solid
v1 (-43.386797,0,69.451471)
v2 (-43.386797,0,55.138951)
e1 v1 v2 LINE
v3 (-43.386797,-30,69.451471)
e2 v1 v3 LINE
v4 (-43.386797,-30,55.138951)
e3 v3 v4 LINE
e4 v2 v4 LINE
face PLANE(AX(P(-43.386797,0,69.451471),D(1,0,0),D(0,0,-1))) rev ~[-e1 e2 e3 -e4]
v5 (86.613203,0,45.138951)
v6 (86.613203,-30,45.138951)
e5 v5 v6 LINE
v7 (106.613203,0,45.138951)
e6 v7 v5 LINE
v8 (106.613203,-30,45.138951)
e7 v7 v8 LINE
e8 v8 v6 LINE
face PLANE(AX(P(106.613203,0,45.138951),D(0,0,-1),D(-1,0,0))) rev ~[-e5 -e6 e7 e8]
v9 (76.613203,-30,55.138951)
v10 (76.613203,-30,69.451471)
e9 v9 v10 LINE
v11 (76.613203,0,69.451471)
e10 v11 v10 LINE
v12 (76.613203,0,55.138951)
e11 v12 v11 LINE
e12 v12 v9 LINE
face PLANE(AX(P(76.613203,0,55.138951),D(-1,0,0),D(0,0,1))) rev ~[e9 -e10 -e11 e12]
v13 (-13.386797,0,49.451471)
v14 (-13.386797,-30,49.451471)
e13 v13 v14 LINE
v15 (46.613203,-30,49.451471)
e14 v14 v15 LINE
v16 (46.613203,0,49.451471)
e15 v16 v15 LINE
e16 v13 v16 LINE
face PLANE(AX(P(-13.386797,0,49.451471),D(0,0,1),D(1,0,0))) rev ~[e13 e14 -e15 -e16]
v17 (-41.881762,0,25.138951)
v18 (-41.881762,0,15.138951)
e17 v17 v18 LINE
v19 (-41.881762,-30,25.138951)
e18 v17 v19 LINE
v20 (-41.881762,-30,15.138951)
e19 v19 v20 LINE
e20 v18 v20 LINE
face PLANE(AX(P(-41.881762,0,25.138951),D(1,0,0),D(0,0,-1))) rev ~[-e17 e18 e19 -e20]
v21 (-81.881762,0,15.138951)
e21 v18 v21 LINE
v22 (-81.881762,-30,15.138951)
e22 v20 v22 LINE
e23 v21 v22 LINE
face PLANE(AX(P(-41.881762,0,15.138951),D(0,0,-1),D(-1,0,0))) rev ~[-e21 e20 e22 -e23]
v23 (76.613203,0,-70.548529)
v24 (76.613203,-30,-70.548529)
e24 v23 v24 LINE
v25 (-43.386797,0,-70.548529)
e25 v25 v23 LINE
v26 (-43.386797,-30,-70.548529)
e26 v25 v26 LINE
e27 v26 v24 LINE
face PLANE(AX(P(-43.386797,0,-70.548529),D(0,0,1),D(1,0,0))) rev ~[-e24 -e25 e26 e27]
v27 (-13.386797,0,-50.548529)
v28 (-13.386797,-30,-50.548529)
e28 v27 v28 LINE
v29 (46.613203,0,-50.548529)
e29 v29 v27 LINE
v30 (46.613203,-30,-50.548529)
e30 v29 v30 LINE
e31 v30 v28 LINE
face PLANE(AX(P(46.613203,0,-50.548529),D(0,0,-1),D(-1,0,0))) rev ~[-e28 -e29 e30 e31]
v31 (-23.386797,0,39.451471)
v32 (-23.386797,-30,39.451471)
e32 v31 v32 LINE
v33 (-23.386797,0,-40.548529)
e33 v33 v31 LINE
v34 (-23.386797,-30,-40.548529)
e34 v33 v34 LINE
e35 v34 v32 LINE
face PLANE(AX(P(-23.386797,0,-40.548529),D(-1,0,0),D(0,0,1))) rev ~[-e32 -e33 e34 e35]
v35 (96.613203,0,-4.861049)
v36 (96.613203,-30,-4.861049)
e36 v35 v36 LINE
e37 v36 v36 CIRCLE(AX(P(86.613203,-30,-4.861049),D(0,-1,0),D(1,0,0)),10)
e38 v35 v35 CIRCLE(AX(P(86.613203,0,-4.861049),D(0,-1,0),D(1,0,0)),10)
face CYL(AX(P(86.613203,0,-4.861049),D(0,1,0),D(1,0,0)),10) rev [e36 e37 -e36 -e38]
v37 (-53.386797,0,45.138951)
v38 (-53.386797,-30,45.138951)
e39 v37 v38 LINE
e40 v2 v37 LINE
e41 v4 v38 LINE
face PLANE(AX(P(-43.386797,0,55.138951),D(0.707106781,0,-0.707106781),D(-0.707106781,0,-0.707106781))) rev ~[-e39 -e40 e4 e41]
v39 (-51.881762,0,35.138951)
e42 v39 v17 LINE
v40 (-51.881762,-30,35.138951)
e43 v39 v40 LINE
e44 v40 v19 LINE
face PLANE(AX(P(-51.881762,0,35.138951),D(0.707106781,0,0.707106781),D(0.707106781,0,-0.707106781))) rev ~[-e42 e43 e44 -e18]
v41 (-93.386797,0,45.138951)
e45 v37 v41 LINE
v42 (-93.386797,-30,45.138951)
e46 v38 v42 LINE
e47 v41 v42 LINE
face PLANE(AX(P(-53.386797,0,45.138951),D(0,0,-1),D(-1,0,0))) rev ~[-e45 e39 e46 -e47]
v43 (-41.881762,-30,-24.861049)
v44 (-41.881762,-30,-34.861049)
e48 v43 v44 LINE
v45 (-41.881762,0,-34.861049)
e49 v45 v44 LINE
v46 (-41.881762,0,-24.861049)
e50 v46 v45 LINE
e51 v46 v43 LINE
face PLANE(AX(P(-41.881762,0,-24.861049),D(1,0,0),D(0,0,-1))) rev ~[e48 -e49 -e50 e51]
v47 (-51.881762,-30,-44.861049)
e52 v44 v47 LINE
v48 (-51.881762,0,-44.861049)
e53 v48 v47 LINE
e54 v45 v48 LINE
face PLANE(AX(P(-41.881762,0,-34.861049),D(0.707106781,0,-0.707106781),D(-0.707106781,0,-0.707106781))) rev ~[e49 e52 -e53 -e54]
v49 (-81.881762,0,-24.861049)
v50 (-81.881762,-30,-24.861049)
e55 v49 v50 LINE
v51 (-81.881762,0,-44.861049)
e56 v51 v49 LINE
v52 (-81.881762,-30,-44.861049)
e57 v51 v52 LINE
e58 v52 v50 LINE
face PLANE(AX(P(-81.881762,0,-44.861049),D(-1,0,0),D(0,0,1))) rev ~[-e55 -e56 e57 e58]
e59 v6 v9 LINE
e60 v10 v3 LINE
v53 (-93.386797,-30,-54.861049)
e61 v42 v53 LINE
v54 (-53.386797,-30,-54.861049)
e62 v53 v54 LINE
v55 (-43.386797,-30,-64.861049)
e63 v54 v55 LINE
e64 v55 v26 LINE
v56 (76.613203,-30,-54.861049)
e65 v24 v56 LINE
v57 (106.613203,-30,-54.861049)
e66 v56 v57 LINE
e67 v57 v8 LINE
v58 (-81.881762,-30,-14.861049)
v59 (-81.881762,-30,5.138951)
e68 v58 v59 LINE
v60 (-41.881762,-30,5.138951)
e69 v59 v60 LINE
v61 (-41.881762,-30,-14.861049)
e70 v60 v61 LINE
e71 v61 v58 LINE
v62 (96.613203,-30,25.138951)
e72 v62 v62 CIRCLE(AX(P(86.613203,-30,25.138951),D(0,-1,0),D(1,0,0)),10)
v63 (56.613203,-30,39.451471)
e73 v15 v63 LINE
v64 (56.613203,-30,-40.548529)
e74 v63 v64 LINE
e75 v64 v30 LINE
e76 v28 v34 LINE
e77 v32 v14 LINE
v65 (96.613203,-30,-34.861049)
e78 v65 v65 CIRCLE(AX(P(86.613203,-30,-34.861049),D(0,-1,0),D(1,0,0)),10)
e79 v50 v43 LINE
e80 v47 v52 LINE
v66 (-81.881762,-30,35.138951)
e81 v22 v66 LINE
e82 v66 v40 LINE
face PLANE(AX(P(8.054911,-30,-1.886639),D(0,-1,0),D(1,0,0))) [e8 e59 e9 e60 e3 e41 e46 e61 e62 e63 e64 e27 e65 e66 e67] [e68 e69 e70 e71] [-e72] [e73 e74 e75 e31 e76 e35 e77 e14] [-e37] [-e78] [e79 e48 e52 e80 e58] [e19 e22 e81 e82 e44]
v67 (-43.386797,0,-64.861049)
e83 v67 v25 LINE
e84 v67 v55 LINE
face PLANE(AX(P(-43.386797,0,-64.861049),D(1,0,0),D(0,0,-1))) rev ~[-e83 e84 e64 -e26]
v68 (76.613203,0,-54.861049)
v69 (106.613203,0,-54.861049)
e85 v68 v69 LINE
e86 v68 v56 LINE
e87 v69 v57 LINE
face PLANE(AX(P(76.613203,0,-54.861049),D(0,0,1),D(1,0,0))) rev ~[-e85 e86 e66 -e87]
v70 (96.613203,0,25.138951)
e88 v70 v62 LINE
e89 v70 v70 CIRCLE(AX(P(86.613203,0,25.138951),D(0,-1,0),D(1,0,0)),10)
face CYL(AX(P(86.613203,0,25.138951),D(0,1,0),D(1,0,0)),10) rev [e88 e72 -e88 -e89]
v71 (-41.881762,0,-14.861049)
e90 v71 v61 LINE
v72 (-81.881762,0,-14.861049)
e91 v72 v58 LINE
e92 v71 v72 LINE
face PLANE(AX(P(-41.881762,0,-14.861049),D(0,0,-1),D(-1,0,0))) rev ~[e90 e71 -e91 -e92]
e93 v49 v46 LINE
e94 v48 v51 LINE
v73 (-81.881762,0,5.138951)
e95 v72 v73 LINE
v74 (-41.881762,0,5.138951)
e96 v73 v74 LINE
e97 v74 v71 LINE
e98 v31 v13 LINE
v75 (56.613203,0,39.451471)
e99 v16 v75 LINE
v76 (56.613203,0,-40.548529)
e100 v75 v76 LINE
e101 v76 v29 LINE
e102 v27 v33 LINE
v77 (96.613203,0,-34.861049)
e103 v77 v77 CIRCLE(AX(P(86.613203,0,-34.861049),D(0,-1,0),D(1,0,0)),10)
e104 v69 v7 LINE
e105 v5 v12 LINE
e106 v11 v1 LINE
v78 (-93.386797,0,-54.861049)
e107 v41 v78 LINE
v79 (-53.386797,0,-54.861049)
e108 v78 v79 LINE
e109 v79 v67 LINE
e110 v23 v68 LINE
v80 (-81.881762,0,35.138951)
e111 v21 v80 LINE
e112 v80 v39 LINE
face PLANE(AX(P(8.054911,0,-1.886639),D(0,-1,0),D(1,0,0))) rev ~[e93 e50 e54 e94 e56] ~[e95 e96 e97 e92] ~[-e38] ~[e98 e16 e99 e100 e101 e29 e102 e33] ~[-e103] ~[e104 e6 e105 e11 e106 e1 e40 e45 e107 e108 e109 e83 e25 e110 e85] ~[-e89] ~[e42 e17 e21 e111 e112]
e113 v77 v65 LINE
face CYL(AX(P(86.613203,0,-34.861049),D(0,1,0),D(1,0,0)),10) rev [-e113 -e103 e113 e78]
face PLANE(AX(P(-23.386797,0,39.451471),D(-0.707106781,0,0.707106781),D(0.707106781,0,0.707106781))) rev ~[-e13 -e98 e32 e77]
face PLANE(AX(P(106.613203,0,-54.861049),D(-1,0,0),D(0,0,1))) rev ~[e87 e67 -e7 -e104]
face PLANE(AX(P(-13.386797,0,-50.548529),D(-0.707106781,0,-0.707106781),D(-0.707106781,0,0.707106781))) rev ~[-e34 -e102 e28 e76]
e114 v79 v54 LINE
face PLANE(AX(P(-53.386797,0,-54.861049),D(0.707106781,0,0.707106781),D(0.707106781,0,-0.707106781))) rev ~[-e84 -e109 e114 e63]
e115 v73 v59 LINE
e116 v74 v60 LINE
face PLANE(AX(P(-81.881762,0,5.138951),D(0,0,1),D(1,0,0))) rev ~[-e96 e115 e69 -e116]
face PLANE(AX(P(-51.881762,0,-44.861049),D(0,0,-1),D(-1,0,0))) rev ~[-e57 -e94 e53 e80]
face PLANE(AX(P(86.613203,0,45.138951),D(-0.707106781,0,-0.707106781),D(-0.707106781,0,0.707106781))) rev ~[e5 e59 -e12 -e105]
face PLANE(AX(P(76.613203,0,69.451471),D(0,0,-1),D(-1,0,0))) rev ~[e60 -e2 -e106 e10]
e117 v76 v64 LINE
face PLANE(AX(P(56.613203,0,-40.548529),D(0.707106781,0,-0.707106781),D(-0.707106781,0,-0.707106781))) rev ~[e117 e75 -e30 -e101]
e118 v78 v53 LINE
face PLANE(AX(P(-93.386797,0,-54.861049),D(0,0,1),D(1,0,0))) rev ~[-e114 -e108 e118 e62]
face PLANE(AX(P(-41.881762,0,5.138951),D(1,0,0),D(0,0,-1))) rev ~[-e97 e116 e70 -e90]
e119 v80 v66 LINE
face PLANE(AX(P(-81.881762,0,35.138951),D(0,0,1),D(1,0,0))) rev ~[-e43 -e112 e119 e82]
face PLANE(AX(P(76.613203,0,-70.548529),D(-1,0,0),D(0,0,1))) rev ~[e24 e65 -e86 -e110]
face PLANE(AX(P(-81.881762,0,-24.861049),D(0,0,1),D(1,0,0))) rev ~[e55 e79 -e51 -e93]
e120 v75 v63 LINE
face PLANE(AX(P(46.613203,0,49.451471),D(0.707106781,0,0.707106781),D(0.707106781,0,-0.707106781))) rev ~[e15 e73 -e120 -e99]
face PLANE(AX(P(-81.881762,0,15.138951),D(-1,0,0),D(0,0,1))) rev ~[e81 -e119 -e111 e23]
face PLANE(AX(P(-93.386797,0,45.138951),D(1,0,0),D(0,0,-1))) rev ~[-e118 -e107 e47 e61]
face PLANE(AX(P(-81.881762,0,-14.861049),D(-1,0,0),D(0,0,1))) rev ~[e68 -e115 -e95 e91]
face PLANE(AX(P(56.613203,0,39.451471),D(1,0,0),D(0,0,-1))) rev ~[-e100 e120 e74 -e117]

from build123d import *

# Parameters (mm, degrees)
F0_R     = 10
F1_DEPTH = 30


with BuildPart() as f1:
    # F0 (on Front) → F1 (new body)
    with BuildSketch(Plane.XZ):
        Polygon((-43.386797, 55.138951), (-53.386797, 45.138951), (-93.386797, 45.138951), (-93.386797, -54.861049), (-53.386797, -54.861049), (-43.386797, -64.861049), (-43.386797, -70.548529), (66.613203, -70.548529), (76.613203, -70.548529), (76.613203, -64.861049), (76.613203, -60.548529), (76.613203, -54.861049), (86.613203, -54.861049), (96.613203, -54.861049), (106.613203, -54.861049), (106.613203, -44.861049), (106.613203, 35.138951), (106.613203, 45.138951), (96.613203, 45.138951), (86.613203, 45.138951), (76.613203, 55.138951), (76.613203, 59.451471), (76.613203, 69.451471), (66.613203, 69.451471), (-33.386797, 69.451471), (-43.386797, 69.451471), (-43.386797, 59.451471), align=None)
        Polygon((-81.881762, -44.861049), (-81.881762, -24.861049), (-51.881762, -24.861049), (-41.881762, -24.861049), (-41.881762, -34.861049), (-51.881762, -44.861049), align=None, mode=Mode.SUBTRACT)
        Polygon((-81.881762, -14.861049), (-81.881762, 5.138951), (-51.881762, 5.138951), (-41.881762, 5.138951), (-41.881762, -4.861049), (-41.881762, -14.861049), align=None, mode=Mode.SUBTRACT)
        with Locations((86.613203, -34.861049)):
            Circle(F0_R, mode=Mode.SUBTRACT)
        with Locations((86.613203, -4.861049)):
            Circle(F0_R, mode=Mode.SUBTRACT)
        Polygon((-81.881762, 15.138951), (-81.881762, 35.138951), (-51.881762, 35.138951), (-41.881762, 25.138951), (-41.881762, 15.138951), align=None, mode=Mode.SUBTRACT)
        Polygon((-23.386797, 39.451471), (-13.386797, 49.451471), (46.613203, 49.451471), (56.613203, 39.451471), (56.613203, 24.451471), (56.613203, -0.548529), (56.613203, -40.548529), (46.613203, -50.548529), (-13.386797, -50.548529), (-23.386797, -40.548529), (-23.386797, -0.548529), (-23.386797, 24.451471), align=None, mode=Mode.SUBTRACT)
        with Locations((86.613203, 25.138951)):
            Circle(F0_R, mode=Mode.SUBTRACT)
    extrude(amount=F1_DEPTH)


solid = f1.part
